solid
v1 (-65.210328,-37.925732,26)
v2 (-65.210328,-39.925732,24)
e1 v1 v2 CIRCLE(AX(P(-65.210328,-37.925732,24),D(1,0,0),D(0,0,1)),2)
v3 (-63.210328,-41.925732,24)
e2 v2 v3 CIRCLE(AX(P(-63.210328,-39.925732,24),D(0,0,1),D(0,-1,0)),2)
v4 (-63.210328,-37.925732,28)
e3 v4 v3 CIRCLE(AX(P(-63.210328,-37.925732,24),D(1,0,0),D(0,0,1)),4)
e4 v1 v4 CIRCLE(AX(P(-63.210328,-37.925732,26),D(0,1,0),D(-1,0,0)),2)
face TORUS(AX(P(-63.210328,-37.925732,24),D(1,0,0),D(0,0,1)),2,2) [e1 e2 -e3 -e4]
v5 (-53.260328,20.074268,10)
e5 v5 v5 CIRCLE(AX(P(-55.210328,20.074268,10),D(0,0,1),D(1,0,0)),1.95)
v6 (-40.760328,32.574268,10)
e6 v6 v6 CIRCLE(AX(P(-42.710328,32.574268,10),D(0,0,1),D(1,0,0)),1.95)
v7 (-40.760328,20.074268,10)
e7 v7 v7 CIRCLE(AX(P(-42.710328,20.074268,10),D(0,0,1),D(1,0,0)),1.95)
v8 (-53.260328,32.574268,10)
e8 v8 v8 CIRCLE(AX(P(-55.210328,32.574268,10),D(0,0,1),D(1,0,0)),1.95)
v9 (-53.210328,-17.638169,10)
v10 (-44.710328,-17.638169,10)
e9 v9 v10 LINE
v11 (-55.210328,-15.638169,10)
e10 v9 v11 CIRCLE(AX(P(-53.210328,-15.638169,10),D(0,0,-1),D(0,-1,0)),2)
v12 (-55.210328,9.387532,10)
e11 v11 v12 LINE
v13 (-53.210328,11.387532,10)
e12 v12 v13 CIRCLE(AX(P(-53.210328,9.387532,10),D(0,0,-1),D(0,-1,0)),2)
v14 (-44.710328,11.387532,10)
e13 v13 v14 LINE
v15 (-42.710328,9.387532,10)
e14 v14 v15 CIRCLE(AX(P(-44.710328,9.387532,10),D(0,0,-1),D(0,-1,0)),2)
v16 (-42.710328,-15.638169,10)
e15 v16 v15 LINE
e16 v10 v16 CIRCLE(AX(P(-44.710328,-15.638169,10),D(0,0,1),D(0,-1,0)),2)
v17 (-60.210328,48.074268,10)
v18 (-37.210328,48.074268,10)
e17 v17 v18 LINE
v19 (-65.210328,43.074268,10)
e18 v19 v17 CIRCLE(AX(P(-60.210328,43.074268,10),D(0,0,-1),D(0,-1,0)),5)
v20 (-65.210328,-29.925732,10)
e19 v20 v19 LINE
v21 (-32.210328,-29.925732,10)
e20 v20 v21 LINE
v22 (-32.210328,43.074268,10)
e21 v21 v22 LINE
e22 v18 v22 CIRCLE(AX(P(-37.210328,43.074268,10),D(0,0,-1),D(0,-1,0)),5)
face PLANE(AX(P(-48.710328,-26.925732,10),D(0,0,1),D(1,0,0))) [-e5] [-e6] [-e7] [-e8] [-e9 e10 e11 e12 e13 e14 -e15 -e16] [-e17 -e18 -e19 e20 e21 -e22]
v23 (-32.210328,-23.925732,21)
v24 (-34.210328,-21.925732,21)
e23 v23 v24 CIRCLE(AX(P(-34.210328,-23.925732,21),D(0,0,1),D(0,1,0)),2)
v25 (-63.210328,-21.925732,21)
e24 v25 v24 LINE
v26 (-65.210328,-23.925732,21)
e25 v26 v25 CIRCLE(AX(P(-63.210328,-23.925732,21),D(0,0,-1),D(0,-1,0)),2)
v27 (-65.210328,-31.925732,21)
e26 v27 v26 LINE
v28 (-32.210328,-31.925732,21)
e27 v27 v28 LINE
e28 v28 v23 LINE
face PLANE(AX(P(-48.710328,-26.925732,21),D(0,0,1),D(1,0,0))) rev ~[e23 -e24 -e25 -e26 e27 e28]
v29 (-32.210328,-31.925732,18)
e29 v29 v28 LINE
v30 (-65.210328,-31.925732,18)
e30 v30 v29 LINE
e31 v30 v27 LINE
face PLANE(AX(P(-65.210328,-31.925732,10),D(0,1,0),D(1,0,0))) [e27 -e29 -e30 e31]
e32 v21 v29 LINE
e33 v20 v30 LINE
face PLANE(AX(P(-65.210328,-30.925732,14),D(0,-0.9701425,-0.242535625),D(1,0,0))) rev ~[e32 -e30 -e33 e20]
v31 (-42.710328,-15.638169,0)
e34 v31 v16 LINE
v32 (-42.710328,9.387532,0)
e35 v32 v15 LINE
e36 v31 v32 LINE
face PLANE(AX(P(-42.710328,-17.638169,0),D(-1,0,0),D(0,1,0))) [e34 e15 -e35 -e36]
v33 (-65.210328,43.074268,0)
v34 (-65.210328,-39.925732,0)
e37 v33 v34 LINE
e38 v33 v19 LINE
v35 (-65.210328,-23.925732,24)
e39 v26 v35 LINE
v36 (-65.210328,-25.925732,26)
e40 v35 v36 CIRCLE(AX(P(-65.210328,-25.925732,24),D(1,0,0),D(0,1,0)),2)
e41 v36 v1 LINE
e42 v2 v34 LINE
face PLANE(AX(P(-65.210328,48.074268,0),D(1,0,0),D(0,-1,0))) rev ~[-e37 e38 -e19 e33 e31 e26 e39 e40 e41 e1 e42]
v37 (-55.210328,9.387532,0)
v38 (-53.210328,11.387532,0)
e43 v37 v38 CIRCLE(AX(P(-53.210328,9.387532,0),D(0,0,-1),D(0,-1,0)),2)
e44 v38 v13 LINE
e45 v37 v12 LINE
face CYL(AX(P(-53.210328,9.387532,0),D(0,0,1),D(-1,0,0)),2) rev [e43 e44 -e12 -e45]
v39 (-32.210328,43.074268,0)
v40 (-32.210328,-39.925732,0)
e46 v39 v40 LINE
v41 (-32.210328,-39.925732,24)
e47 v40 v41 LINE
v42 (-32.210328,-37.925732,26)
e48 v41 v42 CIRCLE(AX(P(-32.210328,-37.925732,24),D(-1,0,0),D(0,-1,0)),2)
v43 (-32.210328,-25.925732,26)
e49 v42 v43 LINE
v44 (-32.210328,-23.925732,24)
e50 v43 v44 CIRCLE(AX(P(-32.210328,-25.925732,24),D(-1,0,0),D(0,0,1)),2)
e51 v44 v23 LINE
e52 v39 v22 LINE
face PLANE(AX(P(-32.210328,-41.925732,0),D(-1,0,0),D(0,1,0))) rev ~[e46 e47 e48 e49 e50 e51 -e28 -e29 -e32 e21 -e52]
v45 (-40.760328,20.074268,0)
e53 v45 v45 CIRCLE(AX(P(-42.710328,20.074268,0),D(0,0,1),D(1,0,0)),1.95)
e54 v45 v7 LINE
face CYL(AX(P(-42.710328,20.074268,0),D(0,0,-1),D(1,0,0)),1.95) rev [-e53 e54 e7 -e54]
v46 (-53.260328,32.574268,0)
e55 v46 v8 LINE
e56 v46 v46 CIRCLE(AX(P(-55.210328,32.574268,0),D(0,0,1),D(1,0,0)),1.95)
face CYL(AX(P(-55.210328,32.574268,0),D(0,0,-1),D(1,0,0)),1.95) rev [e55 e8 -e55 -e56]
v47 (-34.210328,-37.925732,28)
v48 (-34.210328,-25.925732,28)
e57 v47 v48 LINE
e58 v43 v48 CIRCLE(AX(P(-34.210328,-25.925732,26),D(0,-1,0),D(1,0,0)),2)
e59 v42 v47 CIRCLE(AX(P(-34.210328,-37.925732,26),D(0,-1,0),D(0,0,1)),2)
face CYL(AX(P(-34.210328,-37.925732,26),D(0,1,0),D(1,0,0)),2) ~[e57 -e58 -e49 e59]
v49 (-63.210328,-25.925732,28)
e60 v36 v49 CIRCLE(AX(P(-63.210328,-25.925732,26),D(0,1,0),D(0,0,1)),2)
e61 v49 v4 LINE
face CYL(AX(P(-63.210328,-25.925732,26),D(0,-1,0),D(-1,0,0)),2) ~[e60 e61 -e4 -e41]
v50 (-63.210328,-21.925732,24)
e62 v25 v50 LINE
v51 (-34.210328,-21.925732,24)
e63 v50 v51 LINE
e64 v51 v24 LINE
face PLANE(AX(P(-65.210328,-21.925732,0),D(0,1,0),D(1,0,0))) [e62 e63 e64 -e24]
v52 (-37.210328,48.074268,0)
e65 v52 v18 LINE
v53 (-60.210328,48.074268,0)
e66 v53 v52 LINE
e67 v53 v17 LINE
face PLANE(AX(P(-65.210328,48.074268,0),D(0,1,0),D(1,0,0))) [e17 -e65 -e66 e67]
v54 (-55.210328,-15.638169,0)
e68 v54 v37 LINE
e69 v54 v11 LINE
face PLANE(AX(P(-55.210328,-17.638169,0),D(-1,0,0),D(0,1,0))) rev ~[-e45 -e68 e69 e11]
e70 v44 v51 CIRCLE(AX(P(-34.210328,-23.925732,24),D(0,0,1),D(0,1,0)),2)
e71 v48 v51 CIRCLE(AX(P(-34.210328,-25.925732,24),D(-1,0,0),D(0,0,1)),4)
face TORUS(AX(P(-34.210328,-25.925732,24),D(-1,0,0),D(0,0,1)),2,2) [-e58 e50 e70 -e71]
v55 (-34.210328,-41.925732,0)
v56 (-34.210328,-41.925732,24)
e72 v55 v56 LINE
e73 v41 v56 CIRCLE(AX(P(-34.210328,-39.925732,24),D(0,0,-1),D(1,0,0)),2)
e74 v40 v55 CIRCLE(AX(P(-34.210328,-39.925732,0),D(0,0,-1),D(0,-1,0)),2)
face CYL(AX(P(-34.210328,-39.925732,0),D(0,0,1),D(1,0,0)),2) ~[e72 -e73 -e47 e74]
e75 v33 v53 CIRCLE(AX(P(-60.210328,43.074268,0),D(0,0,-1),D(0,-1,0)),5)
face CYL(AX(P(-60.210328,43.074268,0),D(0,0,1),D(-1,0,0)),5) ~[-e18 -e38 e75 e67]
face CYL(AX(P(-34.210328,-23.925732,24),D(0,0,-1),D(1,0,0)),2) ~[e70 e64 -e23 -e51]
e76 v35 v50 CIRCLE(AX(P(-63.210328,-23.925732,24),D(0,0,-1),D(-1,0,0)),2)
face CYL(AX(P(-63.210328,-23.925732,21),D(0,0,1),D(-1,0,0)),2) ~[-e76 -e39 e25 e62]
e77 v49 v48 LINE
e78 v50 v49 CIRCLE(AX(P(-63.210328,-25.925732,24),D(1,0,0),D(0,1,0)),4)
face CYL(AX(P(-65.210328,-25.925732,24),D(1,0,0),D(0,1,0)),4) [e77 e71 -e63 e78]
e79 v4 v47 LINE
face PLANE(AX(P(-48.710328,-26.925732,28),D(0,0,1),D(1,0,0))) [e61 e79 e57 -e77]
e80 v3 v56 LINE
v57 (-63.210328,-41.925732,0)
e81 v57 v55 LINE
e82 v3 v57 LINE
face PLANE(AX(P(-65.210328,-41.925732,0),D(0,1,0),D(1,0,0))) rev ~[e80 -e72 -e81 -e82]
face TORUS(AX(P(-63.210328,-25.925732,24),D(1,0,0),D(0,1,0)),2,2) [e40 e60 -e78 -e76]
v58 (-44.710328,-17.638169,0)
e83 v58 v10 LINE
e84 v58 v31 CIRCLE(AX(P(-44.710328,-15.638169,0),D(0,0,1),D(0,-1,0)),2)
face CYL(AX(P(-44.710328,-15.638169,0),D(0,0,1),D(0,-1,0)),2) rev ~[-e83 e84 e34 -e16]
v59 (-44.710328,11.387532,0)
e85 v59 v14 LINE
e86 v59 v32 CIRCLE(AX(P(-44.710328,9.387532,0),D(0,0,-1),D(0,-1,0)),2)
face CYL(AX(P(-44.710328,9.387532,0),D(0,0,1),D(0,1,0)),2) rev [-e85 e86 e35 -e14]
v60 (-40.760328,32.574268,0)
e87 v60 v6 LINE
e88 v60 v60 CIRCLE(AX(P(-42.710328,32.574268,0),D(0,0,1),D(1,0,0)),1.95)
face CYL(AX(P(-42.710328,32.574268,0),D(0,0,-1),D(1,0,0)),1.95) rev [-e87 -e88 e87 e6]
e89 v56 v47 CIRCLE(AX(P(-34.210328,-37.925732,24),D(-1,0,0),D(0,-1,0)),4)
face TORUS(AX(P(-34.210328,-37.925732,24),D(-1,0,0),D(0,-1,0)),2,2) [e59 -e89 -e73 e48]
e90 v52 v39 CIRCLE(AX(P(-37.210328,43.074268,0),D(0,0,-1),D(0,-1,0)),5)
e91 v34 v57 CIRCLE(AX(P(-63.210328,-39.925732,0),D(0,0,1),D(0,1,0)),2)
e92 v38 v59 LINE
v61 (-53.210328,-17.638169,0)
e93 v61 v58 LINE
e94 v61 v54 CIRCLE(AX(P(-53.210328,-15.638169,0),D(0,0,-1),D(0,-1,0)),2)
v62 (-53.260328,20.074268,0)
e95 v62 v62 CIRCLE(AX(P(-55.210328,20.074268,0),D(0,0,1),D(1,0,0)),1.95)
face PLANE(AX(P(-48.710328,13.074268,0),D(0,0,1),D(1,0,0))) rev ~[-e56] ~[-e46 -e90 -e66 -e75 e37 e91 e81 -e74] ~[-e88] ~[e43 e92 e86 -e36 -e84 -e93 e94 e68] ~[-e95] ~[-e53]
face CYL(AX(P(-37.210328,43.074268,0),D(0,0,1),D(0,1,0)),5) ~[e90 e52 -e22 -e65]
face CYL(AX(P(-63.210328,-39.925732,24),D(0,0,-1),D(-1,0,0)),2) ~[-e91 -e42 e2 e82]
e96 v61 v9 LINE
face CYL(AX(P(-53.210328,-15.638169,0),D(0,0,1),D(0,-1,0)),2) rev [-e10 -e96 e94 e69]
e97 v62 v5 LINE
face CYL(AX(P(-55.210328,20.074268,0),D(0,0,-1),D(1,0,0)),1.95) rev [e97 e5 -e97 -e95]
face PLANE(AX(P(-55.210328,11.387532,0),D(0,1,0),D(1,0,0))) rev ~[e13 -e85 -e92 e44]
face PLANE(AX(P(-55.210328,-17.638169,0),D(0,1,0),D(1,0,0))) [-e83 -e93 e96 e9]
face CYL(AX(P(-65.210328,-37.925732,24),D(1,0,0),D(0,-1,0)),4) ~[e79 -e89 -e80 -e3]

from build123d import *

# Parameters (mm, degrees)
F0_W     = 33
F0_H     = 70
F0_W_2   = 12.5
F0_H_2   = 29.0257008746
F0_R     = 1.95
F0_H_3   = 10
F1_DEPTH = 10
F2_DEPTH = 28
F3_START = 10
F3_DEPTH = 11
F4_SIZE2 = 8
F4_SIZE  = 2
F5_R     = 4
F6_R     = 5
F7_R     = 2
F8_R     = 2


with BuildPart() as f1:
    # F0 (on Top) → F1 (new body)
    with BuildSketch(Plane.XY):
        with Locations((-48.7103275061, 13.0742679536)):
            Rectangle(F0_W, F0_H)
        with Locations((-48.9603275061, -3.1253187917)):
            Rectangle(F0_W_2, F0_H_2, mode=Mode.SUBTRACT)
        with Locations((-55.2103275061, 20.0742679536)):
            Circle(F0_R, mode=Mode.SUBTRACT)
        with Locations((-55.2103275061, 32.5742679536)):
            Circle(F0_R, mode=Mode.SUBTRACT)
        with Locations((-42.7103275061, 20.0742679536)):
            Circle(F0_R, mode=Mode.SUBTRACT)
        with Locations((-42.7103275061, 32.5742679536)):
            Circle(F0_R, mode=Mode.SUBTRACT)
        with Locations((-48.7103275061, -26.9257320464)):
            Rectangle(F0_W, F0_H_3)
        with Locations((-48.7103275061, -36.9257320464)):
            Rectangle(F0_W, F0_H_3)
    extrude(amount=F1_DEPTH)

    # F0 (on Top) → F2 (join)
    with BuildSketch(Plane.XY):
        with Locations((-48.7103275061, -26.9257320464)):
            Rectangle(F0_W, F0_H_3)
        with Locations((-48.7103275061, -36.9257320464)):
            Rectangle(F0_W, F0_H_3)
    extrude(amount=F2_DEPTH)

    # F0 (on Top) → F3 (cut)
    with BuildSketch(Plane.XY.offset(F3_START)):
        with Locations((-48.7103275061, -26.9257320464)):
            Rectangle(F0_W, F0_H_3)
    extrude(amount=F3_DEPTH, mode=Mode.SUBTRACT)

    # F4
    f4_edges = [f1.edges().sort_by_distance(p)[0] for p in [
        (-48.710328, -31.925732, 10),
    ]]
    f4_side = f1.faces().sort_by_distance((-33.075718, 8.074268, 10))[0]
    chamfer(f4_edges, length=F4_SIZE, length2=F4_SIZE2, reference=f4_side)

    # F5
    f5_edges = [f1.edges().sort_by_distance(p)[0] for p in [
        (-48.710328, -21.925732, 28),
        (-48.710328, -41.925732, 28),
    ]]
    fillet(f5_edges, radius=F5_R)

    # F6
    f6_edges = [f1.edges().sort_by_distance(p)[0] for p in [
        (-65.210328, 48.074268, 5),
        (-32.210328, 48.074268, 5),
    ]]
    fillet(f6_edges, radius=F6_R)

    # F7
    f7_edges = [f1.edges().sort_by_distance(p)[0] for p in [
        (-42.710328, 11.387532, 5),
        (-55.210328, 11.387532, 5),
        (-55.210328, -17.638169, 5),
        (-42.710328, -17.638169, 5),
    ]]
    fillet(f7_edges, radius=F7_R)

    # F8
    f8_edges = [f1.edges().sort_by_distance(p)[0] for p in [
        (-65.210328, -31.925732, 28),
        (-32.210328, -31.925732, 28),
    ]]
    fillet(f8_edges, radius=F8_R)


solid = f1.part
